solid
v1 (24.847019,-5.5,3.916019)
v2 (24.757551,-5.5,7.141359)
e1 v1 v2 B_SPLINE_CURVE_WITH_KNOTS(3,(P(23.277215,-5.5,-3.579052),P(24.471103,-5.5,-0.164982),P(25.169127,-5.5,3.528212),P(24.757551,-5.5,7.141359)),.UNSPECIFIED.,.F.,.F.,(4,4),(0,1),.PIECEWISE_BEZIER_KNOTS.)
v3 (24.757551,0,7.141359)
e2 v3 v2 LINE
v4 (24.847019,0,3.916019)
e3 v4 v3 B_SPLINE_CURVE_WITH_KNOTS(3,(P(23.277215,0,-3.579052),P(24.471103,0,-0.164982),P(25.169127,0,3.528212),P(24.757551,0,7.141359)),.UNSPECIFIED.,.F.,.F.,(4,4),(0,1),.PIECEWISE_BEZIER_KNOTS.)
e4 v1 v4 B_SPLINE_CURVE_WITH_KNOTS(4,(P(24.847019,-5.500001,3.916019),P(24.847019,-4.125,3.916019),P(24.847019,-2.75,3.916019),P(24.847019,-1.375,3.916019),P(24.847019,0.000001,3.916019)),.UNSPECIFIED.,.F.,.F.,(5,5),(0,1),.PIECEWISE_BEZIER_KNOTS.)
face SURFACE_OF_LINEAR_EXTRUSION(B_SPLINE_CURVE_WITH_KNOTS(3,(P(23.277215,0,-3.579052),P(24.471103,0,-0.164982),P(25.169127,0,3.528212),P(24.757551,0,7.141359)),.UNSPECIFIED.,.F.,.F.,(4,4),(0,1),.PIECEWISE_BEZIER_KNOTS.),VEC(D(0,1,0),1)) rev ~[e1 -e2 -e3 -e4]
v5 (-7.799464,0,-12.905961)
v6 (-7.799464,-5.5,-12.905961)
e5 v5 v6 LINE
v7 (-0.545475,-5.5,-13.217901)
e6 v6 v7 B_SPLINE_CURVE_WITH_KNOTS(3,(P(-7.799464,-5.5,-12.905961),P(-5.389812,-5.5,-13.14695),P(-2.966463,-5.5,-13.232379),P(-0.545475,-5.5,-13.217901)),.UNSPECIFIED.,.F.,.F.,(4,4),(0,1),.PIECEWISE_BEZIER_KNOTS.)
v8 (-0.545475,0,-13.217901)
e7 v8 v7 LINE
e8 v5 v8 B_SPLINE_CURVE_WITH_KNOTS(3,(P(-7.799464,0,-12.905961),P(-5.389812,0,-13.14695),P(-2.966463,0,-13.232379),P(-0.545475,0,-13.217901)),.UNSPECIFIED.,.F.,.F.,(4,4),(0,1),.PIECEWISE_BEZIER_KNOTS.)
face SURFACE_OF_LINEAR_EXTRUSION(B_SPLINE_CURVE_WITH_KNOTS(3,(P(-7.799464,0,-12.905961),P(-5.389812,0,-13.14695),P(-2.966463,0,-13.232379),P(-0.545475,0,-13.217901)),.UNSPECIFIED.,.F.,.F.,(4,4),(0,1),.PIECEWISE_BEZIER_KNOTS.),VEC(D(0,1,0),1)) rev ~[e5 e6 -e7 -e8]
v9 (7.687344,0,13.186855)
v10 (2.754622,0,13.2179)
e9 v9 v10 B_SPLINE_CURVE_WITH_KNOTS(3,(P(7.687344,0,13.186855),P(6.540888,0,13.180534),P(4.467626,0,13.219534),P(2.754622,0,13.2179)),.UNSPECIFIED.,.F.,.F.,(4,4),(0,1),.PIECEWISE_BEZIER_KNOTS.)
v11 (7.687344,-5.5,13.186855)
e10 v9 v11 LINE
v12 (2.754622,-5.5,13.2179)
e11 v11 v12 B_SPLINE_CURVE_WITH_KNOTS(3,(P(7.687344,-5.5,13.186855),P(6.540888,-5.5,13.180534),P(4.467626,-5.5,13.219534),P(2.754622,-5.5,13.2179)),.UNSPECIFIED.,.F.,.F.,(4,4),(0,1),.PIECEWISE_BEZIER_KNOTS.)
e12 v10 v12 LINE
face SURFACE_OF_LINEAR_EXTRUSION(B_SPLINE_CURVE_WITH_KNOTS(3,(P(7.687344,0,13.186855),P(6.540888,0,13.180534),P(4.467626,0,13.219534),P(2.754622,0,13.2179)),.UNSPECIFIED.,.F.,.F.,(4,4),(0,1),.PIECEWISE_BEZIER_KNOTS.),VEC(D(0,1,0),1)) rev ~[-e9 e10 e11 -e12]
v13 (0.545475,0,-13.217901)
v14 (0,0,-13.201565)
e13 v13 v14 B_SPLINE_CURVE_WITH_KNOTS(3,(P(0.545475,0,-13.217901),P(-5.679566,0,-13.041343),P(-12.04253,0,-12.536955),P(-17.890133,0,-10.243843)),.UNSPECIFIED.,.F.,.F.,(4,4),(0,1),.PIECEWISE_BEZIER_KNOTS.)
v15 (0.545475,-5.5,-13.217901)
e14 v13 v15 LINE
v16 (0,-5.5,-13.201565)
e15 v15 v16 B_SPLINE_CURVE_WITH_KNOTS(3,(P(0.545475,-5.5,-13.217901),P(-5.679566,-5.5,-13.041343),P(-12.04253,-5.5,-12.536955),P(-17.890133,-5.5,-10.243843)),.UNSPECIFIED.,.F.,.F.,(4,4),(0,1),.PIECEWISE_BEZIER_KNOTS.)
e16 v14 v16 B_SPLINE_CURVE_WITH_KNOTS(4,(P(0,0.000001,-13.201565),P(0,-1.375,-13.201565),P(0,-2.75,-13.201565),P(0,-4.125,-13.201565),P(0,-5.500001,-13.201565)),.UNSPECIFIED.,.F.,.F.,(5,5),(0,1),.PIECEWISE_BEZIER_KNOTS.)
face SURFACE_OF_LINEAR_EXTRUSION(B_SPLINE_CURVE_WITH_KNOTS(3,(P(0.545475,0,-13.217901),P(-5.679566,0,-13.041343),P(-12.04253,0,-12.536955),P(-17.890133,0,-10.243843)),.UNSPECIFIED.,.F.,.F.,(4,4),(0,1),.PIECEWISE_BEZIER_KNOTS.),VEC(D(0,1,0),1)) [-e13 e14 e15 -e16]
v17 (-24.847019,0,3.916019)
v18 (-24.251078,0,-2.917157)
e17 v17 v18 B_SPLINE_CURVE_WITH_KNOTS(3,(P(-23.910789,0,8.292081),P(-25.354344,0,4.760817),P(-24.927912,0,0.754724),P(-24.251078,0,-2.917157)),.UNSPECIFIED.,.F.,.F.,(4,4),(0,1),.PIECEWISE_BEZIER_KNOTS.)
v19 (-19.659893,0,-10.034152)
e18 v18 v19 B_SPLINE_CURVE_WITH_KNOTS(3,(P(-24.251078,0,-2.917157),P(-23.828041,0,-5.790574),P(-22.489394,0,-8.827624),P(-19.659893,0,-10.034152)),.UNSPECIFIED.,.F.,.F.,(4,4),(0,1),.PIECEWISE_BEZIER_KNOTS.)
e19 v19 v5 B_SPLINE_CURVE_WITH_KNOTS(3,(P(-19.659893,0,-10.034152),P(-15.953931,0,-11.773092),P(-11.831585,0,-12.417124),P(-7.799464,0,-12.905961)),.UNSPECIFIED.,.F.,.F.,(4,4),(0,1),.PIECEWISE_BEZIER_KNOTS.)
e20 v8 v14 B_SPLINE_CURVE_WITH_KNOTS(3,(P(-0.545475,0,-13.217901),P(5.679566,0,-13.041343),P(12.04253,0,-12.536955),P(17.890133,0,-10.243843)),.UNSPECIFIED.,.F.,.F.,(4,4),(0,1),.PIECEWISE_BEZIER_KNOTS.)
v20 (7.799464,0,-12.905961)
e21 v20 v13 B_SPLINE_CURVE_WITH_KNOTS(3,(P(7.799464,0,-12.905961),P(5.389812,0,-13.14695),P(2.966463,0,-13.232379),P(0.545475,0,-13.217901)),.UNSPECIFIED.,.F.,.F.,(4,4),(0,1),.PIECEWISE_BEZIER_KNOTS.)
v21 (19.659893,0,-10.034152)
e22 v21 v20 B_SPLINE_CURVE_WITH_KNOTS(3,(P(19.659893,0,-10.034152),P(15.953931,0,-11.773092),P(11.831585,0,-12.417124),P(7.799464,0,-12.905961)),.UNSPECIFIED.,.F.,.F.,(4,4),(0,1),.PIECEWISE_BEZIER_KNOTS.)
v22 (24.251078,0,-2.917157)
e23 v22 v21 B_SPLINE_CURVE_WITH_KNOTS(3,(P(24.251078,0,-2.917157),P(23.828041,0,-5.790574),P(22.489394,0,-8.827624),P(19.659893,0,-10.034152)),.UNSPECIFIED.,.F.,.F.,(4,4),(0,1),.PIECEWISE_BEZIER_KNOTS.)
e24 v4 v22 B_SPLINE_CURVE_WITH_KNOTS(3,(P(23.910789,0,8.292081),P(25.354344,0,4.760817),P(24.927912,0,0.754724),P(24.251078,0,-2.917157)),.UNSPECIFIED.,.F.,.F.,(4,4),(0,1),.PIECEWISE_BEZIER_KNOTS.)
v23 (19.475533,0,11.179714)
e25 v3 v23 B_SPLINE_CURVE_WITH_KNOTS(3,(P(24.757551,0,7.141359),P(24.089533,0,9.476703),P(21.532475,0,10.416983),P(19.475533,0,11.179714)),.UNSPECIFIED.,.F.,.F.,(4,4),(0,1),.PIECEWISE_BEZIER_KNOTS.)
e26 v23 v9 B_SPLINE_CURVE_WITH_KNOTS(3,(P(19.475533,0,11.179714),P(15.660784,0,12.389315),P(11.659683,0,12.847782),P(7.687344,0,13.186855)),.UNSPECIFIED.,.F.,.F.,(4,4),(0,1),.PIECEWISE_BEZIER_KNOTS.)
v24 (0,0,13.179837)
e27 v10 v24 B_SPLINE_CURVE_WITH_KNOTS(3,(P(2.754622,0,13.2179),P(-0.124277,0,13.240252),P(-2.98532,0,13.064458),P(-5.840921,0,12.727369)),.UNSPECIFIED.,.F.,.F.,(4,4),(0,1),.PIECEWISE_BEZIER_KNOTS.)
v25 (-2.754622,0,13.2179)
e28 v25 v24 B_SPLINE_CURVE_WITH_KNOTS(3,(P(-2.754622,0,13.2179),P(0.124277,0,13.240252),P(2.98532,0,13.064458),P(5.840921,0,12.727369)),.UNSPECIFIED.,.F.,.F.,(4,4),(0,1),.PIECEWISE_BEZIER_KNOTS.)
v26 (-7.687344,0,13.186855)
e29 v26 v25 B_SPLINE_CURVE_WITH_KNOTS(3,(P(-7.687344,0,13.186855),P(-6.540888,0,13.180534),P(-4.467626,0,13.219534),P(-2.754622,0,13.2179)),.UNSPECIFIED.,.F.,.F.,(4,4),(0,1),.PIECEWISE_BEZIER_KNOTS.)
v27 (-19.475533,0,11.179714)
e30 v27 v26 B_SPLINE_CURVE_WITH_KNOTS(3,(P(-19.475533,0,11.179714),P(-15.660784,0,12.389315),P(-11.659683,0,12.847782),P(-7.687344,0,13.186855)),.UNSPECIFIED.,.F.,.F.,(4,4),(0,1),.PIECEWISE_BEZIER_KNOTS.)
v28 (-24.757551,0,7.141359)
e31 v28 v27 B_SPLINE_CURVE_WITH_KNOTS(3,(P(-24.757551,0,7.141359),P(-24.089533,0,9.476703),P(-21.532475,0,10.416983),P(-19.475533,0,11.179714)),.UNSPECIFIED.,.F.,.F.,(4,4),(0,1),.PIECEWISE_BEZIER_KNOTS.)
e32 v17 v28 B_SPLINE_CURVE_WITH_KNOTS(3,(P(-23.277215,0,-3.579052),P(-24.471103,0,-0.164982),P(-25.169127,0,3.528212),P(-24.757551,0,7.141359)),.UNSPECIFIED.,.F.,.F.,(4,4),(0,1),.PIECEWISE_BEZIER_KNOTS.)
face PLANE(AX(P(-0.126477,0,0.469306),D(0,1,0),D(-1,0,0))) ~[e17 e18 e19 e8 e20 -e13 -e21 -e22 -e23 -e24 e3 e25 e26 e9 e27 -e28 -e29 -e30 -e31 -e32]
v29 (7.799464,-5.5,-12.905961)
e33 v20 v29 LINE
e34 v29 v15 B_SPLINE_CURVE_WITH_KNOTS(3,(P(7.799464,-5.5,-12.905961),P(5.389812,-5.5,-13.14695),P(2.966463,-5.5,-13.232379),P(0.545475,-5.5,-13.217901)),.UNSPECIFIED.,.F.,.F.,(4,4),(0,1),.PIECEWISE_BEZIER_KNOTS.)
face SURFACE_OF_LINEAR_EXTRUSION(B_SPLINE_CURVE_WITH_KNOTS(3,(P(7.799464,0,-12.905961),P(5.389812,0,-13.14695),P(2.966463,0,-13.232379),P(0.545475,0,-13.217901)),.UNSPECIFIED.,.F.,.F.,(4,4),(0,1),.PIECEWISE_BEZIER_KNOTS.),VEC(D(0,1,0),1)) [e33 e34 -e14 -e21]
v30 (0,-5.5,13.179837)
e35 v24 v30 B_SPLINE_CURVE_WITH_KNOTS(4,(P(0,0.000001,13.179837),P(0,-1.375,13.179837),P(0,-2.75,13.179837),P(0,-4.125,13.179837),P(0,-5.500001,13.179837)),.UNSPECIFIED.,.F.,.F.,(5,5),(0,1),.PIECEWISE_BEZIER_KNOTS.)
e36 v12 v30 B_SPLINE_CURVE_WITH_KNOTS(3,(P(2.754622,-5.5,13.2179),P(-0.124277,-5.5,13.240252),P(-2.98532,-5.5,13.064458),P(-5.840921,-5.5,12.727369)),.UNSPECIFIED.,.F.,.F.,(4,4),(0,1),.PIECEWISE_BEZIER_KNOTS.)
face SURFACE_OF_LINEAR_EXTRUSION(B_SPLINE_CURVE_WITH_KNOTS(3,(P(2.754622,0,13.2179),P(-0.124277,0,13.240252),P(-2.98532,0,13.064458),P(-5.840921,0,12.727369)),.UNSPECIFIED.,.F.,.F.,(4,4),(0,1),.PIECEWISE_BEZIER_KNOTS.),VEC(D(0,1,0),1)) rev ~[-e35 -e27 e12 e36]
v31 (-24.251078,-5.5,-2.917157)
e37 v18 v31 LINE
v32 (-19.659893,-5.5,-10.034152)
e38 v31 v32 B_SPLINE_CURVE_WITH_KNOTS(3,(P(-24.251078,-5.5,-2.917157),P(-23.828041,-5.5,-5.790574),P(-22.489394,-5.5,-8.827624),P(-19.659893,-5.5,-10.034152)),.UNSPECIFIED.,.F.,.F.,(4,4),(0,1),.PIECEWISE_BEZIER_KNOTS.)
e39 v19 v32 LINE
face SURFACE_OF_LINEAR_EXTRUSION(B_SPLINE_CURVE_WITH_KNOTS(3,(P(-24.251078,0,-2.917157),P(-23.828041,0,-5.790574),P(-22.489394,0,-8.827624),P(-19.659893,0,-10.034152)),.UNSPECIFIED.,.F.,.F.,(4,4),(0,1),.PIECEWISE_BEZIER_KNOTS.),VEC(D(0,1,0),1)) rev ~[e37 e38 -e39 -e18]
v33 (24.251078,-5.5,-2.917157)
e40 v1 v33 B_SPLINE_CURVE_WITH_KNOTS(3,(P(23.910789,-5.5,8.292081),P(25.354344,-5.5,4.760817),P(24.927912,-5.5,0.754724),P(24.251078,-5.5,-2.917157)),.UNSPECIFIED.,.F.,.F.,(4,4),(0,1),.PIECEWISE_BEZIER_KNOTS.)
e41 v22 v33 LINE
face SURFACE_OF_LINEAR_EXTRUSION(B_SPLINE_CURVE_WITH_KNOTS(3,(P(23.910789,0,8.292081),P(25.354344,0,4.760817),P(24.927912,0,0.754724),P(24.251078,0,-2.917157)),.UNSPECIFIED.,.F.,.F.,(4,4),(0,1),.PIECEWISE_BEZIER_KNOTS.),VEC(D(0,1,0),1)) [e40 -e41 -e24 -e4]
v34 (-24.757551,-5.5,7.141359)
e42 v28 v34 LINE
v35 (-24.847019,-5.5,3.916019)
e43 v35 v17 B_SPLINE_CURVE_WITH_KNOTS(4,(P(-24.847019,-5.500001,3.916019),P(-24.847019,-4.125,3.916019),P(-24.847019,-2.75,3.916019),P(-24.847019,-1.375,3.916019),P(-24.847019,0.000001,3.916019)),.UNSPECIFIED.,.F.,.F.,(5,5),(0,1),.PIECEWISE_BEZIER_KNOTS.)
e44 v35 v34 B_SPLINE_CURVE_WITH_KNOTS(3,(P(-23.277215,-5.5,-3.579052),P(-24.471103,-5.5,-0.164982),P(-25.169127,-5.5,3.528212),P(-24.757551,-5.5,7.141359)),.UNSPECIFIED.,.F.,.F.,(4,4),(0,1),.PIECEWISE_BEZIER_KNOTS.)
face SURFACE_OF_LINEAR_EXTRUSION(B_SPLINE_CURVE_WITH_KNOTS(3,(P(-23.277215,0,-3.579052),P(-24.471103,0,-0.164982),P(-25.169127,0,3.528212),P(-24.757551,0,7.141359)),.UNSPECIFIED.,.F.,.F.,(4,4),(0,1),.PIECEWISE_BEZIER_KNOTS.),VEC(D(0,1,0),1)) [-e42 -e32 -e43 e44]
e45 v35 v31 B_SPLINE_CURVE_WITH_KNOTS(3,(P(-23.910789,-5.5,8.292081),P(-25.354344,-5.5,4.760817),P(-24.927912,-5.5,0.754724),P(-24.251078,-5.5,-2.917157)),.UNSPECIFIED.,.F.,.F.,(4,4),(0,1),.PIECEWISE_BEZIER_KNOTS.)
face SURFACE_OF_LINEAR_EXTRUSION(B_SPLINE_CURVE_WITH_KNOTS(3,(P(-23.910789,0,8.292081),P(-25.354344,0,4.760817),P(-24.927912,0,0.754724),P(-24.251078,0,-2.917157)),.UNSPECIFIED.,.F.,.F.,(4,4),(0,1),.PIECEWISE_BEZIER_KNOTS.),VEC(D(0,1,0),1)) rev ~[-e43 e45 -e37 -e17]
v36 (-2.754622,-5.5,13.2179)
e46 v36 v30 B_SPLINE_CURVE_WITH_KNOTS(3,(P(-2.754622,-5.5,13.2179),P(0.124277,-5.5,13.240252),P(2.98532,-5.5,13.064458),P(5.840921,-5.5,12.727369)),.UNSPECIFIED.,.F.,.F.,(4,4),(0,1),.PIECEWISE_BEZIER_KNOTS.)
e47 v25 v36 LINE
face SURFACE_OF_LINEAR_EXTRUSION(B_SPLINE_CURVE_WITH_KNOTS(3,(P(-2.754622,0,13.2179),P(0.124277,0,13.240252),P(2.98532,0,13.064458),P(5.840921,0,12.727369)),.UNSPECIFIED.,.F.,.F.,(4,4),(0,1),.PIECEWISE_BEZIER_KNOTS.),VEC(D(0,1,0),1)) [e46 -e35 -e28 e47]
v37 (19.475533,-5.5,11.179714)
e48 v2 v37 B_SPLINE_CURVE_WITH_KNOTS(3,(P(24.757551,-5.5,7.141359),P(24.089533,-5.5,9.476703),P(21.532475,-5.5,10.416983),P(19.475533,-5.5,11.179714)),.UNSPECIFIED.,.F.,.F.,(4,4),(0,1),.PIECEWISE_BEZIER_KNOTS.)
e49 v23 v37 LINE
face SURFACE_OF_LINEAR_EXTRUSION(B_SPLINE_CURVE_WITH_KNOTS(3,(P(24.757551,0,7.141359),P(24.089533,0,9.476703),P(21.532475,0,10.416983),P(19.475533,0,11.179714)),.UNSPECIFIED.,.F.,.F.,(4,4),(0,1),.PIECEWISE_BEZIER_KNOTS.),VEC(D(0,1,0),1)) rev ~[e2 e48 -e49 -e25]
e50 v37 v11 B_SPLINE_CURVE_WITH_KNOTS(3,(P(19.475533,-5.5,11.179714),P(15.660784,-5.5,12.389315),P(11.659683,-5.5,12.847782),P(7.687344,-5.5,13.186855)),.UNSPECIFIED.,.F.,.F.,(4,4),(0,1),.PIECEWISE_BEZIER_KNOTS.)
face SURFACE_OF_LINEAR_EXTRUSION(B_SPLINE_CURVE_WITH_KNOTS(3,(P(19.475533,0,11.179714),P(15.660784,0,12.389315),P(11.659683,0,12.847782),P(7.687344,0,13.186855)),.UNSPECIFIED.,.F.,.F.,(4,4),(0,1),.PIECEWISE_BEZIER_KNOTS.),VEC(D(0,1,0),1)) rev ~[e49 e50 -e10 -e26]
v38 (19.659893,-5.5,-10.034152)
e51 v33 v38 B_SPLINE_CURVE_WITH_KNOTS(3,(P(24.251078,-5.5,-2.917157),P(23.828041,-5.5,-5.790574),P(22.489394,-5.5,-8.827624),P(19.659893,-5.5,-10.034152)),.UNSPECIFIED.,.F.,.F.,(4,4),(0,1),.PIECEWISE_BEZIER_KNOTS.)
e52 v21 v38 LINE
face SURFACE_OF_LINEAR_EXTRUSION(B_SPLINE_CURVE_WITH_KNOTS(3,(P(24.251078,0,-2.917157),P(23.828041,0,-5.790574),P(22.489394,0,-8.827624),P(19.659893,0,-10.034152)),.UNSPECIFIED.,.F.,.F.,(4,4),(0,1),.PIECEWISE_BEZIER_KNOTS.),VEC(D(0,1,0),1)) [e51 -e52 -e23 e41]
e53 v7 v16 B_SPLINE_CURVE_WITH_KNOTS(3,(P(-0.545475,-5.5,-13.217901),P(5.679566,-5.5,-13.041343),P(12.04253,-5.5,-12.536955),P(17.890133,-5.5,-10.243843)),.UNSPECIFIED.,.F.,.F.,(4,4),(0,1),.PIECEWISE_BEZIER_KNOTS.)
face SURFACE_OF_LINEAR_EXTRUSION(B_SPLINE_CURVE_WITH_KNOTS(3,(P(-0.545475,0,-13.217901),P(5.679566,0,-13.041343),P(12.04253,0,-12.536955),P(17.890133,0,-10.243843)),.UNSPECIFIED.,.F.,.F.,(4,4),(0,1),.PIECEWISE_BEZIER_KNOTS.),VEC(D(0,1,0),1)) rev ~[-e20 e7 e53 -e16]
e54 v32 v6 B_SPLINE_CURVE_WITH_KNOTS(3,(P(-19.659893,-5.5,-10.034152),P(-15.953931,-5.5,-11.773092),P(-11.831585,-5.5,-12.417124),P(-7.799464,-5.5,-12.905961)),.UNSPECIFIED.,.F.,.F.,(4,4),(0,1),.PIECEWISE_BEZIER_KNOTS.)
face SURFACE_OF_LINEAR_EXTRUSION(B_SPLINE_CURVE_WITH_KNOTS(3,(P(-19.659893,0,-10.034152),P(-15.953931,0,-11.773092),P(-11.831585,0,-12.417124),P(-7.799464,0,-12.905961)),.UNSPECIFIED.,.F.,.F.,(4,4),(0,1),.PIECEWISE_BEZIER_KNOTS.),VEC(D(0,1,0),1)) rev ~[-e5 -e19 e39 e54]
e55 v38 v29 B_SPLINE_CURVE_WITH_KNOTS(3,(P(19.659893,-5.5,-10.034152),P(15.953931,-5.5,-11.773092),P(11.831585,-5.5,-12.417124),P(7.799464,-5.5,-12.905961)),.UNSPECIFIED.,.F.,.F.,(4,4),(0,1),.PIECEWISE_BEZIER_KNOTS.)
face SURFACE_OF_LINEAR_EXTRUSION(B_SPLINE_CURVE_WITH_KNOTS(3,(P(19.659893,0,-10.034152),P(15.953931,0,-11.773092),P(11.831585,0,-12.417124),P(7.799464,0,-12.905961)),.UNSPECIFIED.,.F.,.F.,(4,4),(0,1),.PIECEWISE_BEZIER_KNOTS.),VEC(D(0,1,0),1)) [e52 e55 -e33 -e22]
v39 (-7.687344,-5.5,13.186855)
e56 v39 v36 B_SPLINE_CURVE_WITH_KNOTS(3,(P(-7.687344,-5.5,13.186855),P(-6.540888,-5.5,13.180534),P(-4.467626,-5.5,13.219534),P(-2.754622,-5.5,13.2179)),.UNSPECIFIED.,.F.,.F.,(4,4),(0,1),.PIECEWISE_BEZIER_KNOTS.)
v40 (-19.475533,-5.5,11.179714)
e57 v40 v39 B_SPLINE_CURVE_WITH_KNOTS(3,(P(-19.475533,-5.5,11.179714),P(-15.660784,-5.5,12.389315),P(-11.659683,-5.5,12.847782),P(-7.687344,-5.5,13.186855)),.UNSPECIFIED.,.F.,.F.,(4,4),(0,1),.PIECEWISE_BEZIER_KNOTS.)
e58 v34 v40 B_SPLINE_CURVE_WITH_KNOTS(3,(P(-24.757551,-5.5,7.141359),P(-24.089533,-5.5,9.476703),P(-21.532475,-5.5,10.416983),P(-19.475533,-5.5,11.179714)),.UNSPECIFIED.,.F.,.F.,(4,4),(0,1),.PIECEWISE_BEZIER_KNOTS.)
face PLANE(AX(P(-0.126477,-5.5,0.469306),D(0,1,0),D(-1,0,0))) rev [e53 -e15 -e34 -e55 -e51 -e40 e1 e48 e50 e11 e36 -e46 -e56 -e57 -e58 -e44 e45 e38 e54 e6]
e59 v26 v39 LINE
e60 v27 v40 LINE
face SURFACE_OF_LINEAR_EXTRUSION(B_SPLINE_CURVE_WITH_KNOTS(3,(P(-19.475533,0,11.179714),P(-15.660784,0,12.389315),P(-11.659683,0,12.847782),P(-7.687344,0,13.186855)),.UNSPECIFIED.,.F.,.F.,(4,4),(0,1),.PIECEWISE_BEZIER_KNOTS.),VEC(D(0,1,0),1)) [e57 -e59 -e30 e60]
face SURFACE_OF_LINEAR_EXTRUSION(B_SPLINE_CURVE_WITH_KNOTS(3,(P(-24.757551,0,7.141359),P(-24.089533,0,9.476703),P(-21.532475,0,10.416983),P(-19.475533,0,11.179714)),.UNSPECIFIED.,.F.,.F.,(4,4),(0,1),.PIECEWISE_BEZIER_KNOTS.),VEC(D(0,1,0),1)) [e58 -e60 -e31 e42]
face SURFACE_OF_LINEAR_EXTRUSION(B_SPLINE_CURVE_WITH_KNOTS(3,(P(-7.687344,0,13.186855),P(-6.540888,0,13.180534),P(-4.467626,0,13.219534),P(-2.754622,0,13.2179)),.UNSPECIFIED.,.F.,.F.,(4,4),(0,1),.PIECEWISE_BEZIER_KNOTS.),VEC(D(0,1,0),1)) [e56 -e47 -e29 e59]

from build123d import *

# Parameters (mm, degrees)
F1_DEPTH = 5.5


with BuildPart() as f1:
    # F0 (on Front) → F1 (new body)
    with BuildSketch(Plane.XZ):
        with BuildLine():
            add(Edge.make_bspline(
                [(0.545475, -13.217901), (-5.679566, -13.041343), (-12.04253, -12.536955), (-17.890133, -10.243843)],
                knots=[0, 0, 0, 0, 1, 1, 1, 1], degree=3))
            add(Edge.make_bspline(
                [(7.799464, -12.905961), (5.389812, -13.14695), (2.966463, -13.232379), (0.545475, -13.217901)],
                knots=[0, 0, 0, 0, 1, 1, 1, 1], degree=3))
            add(Edge.make_bspline(
                [(19.659893, -10.034152), (15.953931, -11.773092), (11.831585, -12.417124), (7.799464, -12.905961)],
                knots=[0, 0, 0, 0, 1, 1, 1, 1], degree=3))
            add(Edge.make_bspline(
                [(24.251078, -2.917157), (23.828041, -5.790574), (22.489394, -8.827624), (19.659893, -10.034152)],
                knots=[0, 0, 0, 0, 1, 1, 1, 1], degree=3))
            add(Edge.make_bspline(
                [(23.910789, 8.292081), (25.354344, 4.760817), (24.927912, 0.754724), (24.251078, -2.917157)],
                knots=[0, 0, 0, 0, 1, 1, 1, 1], degree=3))
            add(Edge.make_bspline(
                [(16.162307, 11.349634), (18.859135, 10.754972), (21.866955, 10.319444), (23.910789, 8.292081)],
                knots=[0, 0, 0, 0, 1, 1, 1, 1], degree=3))
            add(Edge.make_bspline(
                [(10.040137, 12.302453), (12.093639, 12.254484), (14.122984, 11.638951), (16.162307, 11.349634)],
                knots=[0, 0, 0, 0, 1, 1, 1, 1], degree=3))
            add(Edge.make_bspline(
                [(5.840921, 12.727369), (7.228458, 12.588891), (8.584784, 12.489569), (10.040137, 12.302453)],
                knots=[0, 0, 0, 0, 1, 1, 1, 1], degree=3))
            add(Edge.make_bspline(
                [(-2.754622, 13.2179), (0.124277, 13.240252), (2.98532, 13.064458), (5.840921, 12.727369)],
                knots=[0, 0, 0, 0, 1, 1, 1, 1], degree=3))
            add(Edge.make_bspline(
                [(-7.687344, 13.186855), (-6.540888, 13.180534), (-4.467626, 13.219534), (-2.754622, 13.2179)],
                knots=[0, 0, 0, 0, 1, 1, 1, 1], degree=3))
            add(Edge.make_bspline(
                [(-19.475533, 11.179714), (-15.660784, 12.389315), (-11.659683, 12.847782), (-7.687344, 13.186855)],
                knots=[0, 0, 0, 0, 1, 1, 1, 1], degree=3))
            add(Edge.make_bspline(
                [(-24.757551, 7.141359), (-24.089533, 9.476703), (-21.532475, 10.416983), (-19.475533, 11.179714)],
                knots=[0, 0, 0, 0, 1, 1, 1, 1], degree=3))
            add(Edge.make_bspline(
                [(-23.277215, -3.579052), (-24.471103, -0.164982), (-25.169127, 3.528212), (-24.757551, 7.141359)],
                knots=[0, 0, 0, 0, 1, 1, 1, 1], degree=3))
            add(Edge.make_bspline(
                [(-17.890133, -10.243843), (-20.652075, -9.037428), (-22.426691, -6.386289), (-23.277215, -3.579052)],
                knots=[0, 0, 0, 0, 1, 1, 1, 1], degree=3))
        make_face()
    extrude(amount=F1_DEPTH)

    # F2: F1 across plane


with BuildPart() as f1_1:
    add(f1.part)
    add(f1.part.mirror(Plane.YZ))


solid = f1_1.part
